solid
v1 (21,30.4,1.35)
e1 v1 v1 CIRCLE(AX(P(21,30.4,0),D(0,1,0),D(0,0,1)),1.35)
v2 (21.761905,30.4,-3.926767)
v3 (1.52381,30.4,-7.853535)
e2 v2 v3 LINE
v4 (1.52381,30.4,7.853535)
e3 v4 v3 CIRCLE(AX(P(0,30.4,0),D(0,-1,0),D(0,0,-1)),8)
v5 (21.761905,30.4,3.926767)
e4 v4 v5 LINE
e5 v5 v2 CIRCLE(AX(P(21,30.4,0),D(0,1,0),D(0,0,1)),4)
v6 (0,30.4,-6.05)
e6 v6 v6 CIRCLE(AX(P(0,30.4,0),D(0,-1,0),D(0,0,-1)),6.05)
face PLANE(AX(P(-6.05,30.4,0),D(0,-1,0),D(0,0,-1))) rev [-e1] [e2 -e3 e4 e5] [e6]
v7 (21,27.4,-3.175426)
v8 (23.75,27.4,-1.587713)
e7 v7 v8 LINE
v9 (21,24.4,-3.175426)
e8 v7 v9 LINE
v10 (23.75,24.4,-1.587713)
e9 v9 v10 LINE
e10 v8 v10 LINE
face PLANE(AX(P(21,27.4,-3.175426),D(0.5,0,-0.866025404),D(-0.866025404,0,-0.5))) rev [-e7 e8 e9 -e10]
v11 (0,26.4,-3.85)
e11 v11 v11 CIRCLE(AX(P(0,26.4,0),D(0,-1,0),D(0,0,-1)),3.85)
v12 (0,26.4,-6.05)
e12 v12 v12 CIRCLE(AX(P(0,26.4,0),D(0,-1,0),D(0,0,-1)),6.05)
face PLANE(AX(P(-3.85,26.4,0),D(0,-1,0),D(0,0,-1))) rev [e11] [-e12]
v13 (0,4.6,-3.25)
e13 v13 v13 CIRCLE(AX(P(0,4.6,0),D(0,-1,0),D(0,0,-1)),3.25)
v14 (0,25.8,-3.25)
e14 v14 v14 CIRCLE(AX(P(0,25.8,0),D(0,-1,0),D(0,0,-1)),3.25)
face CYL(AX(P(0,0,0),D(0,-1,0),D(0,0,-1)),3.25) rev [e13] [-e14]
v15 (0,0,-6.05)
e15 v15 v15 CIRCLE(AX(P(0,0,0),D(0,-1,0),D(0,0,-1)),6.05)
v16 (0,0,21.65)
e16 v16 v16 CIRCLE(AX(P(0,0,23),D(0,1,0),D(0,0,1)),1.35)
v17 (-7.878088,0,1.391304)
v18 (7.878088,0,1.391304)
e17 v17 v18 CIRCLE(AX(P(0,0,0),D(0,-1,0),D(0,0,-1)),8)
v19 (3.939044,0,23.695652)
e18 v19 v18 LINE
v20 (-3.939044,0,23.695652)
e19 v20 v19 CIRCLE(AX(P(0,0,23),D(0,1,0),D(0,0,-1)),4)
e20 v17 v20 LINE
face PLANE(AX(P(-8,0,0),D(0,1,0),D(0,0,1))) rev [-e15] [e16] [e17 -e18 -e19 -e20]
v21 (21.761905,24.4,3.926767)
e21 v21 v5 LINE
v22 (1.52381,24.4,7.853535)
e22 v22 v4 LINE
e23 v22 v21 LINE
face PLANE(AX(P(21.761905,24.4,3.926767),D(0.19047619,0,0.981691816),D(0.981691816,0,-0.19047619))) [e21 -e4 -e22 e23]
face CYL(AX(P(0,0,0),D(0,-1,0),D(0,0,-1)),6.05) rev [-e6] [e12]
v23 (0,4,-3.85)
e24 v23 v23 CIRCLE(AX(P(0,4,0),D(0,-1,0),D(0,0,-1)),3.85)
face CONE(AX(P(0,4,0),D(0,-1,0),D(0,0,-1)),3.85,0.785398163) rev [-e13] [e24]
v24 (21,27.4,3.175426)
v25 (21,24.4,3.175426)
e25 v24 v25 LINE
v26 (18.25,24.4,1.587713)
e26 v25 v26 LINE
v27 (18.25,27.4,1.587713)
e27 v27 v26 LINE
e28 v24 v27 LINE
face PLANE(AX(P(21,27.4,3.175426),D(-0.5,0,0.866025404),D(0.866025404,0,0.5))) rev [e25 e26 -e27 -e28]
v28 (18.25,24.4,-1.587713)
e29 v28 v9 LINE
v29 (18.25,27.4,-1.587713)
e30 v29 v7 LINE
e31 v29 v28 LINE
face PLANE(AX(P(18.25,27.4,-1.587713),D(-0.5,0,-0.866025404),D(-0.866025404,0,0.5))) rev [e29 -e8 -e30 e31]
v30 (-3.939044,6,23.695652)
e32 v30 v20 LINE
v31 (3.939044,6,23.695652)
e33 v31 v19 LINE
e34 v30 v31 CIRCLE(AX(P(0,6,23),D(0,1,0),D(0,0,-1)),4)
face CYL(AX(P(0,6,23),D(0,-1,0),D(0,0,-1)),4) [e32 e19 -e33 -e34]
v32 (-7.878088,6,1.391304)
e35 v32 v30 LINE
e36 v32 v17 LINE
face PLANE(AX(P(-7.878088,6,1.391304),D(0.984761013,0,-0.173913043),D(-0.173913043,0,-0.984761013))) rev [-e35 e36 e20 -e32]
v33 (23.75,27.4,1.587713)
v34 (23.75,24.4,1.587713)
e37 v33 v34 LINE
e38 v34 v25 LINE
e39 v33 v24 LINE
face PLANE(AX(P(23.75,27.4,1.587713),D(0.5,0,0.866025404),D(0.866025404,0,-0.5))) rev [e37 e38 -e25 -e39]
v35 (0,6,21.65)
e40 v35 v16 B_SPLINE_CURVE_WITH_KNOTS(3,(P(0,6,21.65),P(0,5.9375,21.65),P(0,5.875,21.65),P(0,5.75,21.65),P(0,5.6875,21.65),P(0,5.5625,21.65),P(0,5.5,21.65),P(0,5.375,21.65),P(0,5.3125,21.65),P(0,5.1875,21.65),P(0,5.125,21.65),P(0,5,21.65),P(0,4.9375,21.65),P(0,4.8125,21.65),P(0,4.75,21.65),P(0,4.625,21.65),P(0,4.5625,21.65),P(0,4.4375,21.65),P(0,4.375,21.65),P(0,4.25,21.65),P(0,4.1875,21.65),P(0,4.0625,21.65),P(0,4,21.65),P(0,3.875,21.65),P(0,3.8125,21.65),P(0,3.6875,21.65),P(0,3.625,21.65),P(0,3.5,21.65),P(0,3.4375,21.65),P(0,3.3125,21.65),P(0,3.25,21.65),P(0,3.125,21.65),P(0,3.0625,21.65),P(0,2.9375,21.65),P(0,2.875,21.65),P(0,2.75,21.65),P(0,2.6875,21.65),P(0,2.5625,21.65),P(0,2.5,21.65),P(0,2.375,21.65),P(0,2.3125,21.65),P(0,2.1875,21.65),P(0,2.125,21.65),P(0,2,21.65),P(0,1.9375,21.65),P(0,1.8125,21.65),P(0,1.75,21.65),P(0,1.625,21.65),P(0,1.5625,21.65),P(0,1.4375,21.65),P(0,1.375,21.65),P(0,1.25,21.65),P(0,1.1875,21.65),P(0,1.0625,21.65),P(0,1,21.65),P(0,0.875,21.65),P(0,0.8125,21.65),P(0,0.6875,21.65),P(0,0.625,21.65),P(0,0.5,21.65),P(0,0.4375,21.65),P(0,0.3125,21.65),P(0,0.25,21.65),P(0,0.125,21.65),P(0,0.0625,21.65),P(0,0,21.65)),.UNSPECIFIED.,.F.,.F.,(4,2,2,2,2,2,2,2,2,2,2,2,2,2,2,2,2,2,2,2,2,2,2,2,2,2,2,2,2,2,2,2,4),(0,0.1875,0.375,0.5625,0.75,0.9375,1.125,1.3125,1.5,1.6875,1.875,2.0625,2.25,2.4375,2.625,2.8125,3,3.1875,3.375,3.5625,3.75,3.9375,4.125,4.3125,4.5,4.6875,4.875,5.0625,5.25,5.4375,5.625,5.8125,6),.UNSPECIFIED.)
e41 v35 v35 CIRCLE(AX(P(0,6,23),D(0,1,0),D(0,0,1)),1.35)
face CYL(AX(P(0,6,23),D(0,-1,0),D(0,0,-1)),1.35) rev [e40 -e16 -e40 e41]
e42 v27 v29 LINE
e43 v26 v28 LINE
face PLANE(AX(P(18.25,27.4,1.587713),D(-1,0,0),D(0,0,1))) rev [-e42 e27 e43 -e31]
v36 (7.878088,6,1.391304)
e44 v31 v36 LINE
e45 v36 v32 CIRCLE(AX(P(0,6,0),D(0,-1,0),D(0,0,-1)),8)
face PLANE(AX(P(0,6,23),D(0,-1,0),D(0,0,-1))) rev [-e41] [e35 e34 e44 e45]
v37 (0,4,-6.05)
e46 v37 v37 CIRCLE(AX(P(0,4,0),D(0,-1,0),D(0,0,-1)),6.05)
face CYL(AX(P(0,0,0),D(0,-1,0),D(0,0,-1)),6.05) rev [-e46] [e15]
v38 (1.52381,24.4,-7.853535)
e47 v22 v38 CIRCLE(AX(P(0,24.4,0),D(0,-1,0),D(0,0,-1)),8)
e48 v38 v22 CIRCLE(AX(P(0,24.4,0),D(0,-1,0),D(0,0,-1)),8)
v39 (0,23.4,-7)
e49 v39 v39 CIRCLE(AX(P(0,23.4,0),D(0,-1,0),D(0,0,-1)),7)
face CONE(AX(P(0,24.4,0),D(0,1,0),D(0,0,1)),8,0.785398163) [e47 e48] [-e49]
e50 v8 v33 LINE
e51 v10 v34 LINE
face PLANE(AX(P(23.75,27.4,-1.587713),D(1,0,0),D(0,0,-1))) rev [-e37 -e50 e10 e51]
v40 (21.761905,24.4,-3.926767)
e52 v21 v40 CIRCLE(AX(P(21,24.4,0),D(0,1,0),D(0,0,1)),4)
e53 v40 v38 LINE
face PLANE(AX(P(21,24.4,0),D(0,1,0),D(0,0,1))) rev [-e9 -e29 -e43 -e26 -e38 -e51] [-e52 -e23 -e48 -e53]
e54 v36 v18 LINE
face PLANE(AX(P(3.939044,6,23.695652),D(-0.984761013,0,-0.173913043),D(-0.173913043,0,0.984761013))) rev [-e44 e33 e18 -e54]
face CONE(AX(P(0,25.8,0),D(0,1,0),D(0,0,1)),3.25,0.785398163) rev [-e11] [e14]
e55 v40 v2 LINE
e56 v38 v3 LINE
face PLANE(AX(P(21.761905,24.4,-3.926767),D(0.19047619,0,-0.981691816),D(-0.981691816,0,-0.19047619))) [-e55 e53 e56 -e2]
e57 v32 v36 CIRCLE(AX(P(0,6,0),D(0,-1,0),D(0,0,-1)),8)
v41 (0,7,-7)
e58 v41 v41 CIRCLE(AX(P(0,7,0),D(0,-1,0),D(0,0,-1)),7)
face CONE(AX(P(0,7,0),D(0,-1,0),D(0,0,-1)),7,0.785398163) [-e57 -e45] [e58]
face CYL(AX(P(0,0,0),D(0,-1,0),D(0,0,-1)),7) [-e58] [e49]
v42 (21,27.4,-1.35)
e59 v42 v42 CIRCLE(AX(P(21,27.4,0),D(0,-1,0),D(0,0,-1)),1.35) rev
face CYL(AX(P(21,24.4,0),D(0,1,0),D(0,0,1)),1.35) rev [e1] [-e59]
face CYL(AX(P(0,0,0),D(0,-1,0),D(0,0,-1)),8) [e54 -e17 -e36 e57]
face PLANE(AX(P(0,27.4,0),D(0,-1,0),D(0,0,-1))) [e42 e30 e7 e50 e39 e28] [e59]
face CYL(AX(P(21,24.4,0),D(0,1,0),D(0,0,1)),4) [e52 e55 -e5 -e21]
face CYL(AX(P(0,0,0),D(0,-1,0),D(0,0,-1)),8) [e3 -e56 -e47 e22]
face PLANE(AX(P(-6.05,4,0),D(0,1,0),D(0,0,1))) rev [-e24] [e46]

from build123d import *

# Parameters (mm, degrees)
ESQUISSE2_R             = 1.35
BOSS_EXTRU_2_DEPTH      = 6
BOSS_EXTRU_3_START      = -6
ESQUISSE3_R             = 1.35
BOSS_EXTRU_3_DEPTH      = 6
ENL_V_MAT_EXTRU_1_DEPTH = 3


with BuildPart() as part:
    # Esquisse1 → Révolution1 (revolve)
    with BuildSketch(Plane.XY, mode=Mode.PRIVATE) as r_volution1_sk:
        Polygon((-6.05, 0), (-6.05, 4), (-3.85, 4), (-3.25, 4.6), (-3.25, 25.8), (-3.85, 26.4), (-6.05, 26.4), (-6.05, 30.4), (-8, 30.4), (-8, 24.4), (-7, 23.4), (-7, 7), (-8, 6), (-8, 0), align=None)
    revolve(r_volution1_sk.sketch.rotate(Axis((0, 0, 0), (0, 1, 0)), 270), axis=Axis((0, 0, 0), (0, 1, 0)))

    # Esquisse2 → Boss.-Extru.2 (add)
    with BuildSketch(Plane(origin=(0, 0, 0), x_dir=(1, 0, 0), z_dir=(0, 1, 0))):
        with BuildLine():
            Line((-7.878088106, -1.391304348), (-3.939044053, -23.695652174))
            ThreePointArc((-3.939044053, -23.695652174), (0, -27), (3.939044053, -23.695652174))
            Line((3.939044053, -23.695652174), (7.878088106, -1.391304348))
            ThreePointArc((7.878088106, -1.391304348), (0, -8), (-7.878088106, -1.391304348))
        make_face()
        with Locations(Location((0, -23, 0), (0, 0, 90))):
            Circle(ESQUISSE2_R, mode=Mode.SUBTRACT)
    extrude(amount=BOSS_EXTRU_2_DEPTH)

    # Esquisse3 → Boss.-Extru.3 (add)
    with BuildSketch(Plane(origin=(0, 30.4, 0), x_dir=(1, 0, 0), z_dir=(0, 1, 0)).offset(BOSS_EXTRU_3_START)):
        with BuildLine():
            Line((21.761904762, 3.926767262), (1.523809524, 7.853534525))
            ThreePointArc((1.523809524, 7.853534525), (8, 0), (1.523809524, -7.853534525))
            Line((1.523809524, -7.853534525), (21.761904762, -3.926767262))
            ThreePointArc((21.761904762, -3.926767262), (25, 0), (21.761904762, 3.926767262))
        make_face()
        with Locations(Location((21, 0, 0), (0, 0, 270))):
            Circle(ESQUISSE3_R, mode=Mode.SUBTRACT)
    extrude(amount=BOSS_EXTRU_3_DEPTH)

    # Esquisse4 → Enlèv. mat.-Extru.1 (cut)
    with BuildSketch(Plane.XZ.offset(-24.4)):
        Polygon((21, -3.175426481), (23.75, -1.58771324), (23.75, 1.58771324), (21, 3.175426481), (18.25, 1.58771324), (18.25, -1.58771324), align=None)
    extrude(amount=-ENL_V_MAT_EXTRU_1_DEPTH, mode=Mode.SUBTRACT)


solid = part.part
